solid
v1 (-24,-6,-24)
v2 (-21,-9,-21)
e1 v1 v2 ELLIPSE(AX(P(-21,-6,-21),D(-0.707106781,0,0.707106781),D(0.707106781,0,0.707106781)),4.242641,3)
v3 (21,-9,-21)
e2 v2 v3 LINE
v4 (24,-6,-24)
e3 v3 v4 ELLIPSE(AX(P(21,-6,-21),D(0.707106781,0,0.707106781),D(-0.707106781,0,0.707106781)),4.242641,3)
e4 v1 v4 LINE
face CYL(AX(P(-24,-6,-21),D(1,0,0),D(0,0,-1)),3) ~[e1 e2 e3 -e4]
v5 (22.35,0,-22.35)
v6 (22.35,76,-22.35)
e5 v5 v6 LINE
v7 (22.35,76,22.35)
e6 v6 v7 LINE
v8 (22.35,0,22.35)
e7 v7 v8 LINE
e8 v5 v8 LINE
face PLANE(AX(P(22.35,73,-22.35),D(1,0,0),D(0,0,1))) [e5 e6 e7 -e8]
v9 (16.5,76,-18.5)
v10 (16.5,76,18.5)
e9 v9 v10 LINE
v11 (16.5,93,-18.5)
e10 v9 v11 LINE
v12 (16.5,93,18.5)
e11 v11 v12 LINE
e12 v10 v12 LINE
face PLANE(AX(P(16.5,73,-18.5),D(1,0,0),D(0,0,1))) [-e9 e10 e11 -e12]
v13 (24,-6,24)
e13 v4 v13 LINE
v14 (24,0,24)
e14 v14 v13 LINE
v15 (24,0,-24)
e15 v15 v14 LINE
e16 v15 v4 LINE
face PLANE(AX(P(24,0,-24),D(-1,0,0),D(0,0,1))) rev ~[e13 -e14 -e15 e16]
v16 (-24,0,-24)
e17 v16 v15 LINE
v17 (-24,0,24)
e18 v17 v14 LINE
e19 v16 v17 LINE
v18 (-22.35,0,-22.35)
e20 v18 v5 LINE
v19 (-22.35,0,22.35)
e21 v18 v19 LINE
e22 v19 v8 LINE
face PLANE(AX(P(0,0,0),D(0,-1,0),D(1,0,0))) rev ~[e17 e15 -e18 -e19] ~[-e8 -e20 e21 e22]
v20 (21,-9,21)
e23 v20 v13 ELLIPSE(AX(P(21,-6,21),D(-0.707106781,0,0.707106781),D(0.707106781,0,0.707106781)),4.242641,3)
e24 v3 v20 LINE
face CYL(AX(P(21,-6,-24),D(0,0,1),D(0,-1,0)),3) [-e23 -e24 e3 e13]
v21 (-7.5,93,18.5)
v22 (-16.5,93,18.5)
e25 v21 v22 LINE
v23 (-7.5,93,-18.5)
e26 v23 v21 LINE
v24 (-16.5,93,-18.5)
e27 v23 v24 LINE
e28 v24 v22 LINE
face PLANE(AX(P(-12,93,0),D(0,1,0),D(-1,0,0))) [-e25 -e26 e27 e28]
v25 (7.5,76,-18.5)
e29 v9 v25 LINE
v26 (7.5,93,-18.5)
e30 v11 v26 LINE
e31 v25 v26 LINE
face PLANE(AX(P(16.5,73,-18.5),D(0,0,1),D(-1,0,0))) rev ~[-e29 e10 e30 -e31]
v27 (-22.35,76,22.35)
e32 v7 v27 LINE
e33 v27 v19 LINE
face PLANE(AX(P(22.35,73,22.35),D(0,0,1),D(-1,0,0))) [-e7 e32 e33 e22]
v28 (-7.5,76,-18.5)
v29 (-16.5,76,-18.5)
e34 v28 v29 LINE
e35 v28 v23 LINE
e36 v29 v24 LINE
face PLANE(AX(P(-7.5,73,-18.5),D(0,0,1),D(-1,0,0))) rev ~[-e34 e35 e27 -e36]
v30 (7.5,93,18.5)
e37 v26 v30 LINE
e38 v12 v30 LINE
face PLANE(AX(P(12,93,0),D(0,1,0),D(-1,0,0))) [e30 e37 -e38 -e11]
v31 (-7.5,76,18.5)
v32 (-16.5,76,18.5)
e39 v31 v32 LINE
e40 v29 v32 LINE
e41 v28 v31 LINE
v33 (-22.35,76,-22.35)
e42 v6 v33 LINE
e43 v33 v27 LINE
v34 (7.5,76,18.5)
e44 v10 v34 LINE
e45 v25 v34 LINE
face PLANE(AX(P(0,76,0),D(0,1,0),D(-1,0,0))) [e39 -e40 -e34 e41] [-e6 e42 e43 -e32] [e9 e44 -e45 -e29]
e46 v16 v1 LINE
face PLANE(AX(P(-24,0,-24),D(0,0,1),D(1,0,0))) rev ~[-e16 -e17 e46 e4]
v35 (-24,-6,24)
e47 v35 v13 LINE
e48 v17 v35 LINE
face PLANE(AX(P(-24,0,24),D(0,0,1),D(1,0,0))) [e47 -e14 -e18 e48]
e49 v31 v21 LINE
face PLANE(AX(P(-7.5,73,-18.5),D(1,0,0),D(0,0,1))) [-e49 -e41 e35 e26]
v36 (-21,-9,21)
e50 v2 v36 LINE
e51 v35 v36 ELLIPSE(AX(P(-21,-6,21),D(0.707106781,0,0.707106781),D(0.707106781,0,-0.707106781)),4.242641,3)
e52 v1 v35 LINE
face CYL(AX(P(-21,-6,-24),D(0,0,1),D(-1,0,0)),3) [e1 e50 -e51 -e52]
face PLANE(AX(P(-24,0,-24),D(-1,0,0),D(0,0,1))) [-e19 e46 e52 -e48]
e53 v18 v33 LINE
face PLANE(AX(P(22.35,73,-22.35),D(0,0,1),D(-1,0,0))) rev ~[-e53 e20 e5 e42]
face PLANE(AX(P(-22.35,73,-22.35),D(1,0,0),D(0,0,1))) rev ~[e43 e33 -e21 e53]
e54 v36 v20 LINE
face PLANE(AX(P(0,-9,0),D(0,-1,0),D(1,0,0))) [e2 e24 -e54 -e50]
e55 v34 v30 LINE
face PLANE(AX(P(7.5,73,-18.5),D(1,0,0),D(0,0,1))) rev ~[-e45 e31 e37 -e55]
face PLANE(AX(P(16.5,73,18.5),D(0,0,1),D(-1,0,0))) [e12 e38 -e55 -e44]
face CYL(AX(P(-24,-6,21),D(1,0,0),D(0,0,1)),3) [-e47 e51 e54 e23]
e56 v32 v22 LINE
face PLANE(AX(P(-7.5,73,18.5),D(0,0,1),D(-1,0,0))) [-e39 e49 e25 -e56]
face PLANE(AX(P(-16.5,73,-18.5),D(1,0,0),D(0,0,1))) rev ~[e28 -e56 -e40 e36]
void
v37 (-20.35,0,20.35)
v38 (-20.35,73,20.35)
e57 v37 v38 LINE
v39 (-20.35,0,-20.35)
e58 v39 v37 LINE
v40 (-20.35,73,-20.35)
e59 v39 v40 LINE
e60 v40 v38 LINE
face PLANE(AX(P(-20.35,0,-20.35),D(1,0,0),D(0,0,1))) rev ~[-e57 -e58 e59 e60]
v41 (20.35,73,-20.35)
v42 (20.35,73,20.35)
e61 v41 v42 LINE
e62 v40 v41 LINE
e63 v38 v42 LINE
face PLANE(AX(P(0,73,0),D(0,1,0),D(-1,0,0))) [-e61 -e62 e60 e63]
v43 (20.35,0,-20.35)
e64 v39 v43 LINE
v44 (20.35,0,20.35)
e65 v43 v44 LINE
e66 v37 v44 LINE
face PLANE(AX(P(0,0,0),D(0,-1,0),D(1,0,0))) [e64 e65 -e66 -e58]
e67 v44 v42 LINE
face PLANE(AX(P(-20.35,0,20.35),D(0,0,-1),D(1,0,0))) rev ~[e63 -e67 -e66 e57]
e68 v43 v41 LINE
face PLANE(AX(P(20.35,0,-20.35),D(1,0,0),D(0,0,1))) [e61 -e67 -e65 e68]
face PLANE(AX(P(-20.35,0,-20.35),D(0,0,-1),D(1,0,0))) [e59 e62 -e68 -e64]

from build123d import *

# Parameters (mm, degrees)
F0_W     = 44.7
F0_H     = 44.7
F0_W_2   = 40.7
F0_H_2   = 40.7
F1_DEPTH = 73
F2_W     = 44.7
F2_H     = 44.7
F2_W_2   = 40.7
F2_H_2   = 40.7
F2_W_3   = 9
F2_H_3   = 37
F3_DEPTH = 3
F4_DEPTH = 20
F0_W_3   = 48
F0_H_3   = 48
F5_DEPTH = 9
F6_R     = 3


with BuildPart() as f1:
    # F0 (on Front) → F1 (new body)
    with BuildSketch(Plane.XZ):
        Rectangle(F0_W, F0_H)
        Rectangle(F0_W_2, F0_H_2, mode=Mode.SUBTRACT)
    extrude(amount=-F1_DEPTH)

    # F2 (on face) → F3 (join)
    with BuildSketch(Plane(origin=(0, 73, 0), x_dir=(-1, 0, 0), z_dir=(0, 1, 0))):
        Rectangle(F2_W, F2_H)
        Rectangle(F2_W_2, F2_H_2, mode=Mode.SUBTRACT)
        Rectangle(F2_W_2, F2_H_2)
        with Locations((-12, 0)):
            Rectangle(F2_W_3, F2_H_3, mode=Mode.SUBTRACT)
        with Locations((12, 0)):
            Rectangle(F2_W_3, F2_H_3, mode=Mode.SUBTRACT)
    extrude(amount=F3_DEPTH)

    # F2 (on face) → F4 (join)
    with BuildSketch(Plane(origin=(0, 73, 0), x_dir=(-1, 0, 0), z_dir=(0, 1, 0))):
        with Locations((-12, 0)):
            Rectangle(F2_W_3, F2_H_3)
        with Locations((12, 0)):
            Rectangle(F2_W_3, F2_H_3)
    extrude(amount=F4_DEPTH)

    # F0 (on Front) → F5 (join)
    with BuildSketch(Plane.XZ):
        Rectangle(F0_W_3, F0_H_3)
        Rectangle(F0_W, F0_H, mode=Mode.SUBTRACT)
        Rectangle(F0_W, F0_H)
        Rectangle(F0_W_2, F0_H_2, mode=Mode.SUBTRACT)
        Rectangle(F0_W_2, F0_H_2)
    extrude(amount=F5_DEPTH)

    # F6
    f6_edges = [f1.edges().sort_by_distance(p)[0] for p in [
        (24, -9, 0),
        (0, -9, 24),
        (-24, -9, 0),
        (0, -9, -24),
    ]]
    fillet(f6_edges, radius=F6_R)


solid = f1.part
